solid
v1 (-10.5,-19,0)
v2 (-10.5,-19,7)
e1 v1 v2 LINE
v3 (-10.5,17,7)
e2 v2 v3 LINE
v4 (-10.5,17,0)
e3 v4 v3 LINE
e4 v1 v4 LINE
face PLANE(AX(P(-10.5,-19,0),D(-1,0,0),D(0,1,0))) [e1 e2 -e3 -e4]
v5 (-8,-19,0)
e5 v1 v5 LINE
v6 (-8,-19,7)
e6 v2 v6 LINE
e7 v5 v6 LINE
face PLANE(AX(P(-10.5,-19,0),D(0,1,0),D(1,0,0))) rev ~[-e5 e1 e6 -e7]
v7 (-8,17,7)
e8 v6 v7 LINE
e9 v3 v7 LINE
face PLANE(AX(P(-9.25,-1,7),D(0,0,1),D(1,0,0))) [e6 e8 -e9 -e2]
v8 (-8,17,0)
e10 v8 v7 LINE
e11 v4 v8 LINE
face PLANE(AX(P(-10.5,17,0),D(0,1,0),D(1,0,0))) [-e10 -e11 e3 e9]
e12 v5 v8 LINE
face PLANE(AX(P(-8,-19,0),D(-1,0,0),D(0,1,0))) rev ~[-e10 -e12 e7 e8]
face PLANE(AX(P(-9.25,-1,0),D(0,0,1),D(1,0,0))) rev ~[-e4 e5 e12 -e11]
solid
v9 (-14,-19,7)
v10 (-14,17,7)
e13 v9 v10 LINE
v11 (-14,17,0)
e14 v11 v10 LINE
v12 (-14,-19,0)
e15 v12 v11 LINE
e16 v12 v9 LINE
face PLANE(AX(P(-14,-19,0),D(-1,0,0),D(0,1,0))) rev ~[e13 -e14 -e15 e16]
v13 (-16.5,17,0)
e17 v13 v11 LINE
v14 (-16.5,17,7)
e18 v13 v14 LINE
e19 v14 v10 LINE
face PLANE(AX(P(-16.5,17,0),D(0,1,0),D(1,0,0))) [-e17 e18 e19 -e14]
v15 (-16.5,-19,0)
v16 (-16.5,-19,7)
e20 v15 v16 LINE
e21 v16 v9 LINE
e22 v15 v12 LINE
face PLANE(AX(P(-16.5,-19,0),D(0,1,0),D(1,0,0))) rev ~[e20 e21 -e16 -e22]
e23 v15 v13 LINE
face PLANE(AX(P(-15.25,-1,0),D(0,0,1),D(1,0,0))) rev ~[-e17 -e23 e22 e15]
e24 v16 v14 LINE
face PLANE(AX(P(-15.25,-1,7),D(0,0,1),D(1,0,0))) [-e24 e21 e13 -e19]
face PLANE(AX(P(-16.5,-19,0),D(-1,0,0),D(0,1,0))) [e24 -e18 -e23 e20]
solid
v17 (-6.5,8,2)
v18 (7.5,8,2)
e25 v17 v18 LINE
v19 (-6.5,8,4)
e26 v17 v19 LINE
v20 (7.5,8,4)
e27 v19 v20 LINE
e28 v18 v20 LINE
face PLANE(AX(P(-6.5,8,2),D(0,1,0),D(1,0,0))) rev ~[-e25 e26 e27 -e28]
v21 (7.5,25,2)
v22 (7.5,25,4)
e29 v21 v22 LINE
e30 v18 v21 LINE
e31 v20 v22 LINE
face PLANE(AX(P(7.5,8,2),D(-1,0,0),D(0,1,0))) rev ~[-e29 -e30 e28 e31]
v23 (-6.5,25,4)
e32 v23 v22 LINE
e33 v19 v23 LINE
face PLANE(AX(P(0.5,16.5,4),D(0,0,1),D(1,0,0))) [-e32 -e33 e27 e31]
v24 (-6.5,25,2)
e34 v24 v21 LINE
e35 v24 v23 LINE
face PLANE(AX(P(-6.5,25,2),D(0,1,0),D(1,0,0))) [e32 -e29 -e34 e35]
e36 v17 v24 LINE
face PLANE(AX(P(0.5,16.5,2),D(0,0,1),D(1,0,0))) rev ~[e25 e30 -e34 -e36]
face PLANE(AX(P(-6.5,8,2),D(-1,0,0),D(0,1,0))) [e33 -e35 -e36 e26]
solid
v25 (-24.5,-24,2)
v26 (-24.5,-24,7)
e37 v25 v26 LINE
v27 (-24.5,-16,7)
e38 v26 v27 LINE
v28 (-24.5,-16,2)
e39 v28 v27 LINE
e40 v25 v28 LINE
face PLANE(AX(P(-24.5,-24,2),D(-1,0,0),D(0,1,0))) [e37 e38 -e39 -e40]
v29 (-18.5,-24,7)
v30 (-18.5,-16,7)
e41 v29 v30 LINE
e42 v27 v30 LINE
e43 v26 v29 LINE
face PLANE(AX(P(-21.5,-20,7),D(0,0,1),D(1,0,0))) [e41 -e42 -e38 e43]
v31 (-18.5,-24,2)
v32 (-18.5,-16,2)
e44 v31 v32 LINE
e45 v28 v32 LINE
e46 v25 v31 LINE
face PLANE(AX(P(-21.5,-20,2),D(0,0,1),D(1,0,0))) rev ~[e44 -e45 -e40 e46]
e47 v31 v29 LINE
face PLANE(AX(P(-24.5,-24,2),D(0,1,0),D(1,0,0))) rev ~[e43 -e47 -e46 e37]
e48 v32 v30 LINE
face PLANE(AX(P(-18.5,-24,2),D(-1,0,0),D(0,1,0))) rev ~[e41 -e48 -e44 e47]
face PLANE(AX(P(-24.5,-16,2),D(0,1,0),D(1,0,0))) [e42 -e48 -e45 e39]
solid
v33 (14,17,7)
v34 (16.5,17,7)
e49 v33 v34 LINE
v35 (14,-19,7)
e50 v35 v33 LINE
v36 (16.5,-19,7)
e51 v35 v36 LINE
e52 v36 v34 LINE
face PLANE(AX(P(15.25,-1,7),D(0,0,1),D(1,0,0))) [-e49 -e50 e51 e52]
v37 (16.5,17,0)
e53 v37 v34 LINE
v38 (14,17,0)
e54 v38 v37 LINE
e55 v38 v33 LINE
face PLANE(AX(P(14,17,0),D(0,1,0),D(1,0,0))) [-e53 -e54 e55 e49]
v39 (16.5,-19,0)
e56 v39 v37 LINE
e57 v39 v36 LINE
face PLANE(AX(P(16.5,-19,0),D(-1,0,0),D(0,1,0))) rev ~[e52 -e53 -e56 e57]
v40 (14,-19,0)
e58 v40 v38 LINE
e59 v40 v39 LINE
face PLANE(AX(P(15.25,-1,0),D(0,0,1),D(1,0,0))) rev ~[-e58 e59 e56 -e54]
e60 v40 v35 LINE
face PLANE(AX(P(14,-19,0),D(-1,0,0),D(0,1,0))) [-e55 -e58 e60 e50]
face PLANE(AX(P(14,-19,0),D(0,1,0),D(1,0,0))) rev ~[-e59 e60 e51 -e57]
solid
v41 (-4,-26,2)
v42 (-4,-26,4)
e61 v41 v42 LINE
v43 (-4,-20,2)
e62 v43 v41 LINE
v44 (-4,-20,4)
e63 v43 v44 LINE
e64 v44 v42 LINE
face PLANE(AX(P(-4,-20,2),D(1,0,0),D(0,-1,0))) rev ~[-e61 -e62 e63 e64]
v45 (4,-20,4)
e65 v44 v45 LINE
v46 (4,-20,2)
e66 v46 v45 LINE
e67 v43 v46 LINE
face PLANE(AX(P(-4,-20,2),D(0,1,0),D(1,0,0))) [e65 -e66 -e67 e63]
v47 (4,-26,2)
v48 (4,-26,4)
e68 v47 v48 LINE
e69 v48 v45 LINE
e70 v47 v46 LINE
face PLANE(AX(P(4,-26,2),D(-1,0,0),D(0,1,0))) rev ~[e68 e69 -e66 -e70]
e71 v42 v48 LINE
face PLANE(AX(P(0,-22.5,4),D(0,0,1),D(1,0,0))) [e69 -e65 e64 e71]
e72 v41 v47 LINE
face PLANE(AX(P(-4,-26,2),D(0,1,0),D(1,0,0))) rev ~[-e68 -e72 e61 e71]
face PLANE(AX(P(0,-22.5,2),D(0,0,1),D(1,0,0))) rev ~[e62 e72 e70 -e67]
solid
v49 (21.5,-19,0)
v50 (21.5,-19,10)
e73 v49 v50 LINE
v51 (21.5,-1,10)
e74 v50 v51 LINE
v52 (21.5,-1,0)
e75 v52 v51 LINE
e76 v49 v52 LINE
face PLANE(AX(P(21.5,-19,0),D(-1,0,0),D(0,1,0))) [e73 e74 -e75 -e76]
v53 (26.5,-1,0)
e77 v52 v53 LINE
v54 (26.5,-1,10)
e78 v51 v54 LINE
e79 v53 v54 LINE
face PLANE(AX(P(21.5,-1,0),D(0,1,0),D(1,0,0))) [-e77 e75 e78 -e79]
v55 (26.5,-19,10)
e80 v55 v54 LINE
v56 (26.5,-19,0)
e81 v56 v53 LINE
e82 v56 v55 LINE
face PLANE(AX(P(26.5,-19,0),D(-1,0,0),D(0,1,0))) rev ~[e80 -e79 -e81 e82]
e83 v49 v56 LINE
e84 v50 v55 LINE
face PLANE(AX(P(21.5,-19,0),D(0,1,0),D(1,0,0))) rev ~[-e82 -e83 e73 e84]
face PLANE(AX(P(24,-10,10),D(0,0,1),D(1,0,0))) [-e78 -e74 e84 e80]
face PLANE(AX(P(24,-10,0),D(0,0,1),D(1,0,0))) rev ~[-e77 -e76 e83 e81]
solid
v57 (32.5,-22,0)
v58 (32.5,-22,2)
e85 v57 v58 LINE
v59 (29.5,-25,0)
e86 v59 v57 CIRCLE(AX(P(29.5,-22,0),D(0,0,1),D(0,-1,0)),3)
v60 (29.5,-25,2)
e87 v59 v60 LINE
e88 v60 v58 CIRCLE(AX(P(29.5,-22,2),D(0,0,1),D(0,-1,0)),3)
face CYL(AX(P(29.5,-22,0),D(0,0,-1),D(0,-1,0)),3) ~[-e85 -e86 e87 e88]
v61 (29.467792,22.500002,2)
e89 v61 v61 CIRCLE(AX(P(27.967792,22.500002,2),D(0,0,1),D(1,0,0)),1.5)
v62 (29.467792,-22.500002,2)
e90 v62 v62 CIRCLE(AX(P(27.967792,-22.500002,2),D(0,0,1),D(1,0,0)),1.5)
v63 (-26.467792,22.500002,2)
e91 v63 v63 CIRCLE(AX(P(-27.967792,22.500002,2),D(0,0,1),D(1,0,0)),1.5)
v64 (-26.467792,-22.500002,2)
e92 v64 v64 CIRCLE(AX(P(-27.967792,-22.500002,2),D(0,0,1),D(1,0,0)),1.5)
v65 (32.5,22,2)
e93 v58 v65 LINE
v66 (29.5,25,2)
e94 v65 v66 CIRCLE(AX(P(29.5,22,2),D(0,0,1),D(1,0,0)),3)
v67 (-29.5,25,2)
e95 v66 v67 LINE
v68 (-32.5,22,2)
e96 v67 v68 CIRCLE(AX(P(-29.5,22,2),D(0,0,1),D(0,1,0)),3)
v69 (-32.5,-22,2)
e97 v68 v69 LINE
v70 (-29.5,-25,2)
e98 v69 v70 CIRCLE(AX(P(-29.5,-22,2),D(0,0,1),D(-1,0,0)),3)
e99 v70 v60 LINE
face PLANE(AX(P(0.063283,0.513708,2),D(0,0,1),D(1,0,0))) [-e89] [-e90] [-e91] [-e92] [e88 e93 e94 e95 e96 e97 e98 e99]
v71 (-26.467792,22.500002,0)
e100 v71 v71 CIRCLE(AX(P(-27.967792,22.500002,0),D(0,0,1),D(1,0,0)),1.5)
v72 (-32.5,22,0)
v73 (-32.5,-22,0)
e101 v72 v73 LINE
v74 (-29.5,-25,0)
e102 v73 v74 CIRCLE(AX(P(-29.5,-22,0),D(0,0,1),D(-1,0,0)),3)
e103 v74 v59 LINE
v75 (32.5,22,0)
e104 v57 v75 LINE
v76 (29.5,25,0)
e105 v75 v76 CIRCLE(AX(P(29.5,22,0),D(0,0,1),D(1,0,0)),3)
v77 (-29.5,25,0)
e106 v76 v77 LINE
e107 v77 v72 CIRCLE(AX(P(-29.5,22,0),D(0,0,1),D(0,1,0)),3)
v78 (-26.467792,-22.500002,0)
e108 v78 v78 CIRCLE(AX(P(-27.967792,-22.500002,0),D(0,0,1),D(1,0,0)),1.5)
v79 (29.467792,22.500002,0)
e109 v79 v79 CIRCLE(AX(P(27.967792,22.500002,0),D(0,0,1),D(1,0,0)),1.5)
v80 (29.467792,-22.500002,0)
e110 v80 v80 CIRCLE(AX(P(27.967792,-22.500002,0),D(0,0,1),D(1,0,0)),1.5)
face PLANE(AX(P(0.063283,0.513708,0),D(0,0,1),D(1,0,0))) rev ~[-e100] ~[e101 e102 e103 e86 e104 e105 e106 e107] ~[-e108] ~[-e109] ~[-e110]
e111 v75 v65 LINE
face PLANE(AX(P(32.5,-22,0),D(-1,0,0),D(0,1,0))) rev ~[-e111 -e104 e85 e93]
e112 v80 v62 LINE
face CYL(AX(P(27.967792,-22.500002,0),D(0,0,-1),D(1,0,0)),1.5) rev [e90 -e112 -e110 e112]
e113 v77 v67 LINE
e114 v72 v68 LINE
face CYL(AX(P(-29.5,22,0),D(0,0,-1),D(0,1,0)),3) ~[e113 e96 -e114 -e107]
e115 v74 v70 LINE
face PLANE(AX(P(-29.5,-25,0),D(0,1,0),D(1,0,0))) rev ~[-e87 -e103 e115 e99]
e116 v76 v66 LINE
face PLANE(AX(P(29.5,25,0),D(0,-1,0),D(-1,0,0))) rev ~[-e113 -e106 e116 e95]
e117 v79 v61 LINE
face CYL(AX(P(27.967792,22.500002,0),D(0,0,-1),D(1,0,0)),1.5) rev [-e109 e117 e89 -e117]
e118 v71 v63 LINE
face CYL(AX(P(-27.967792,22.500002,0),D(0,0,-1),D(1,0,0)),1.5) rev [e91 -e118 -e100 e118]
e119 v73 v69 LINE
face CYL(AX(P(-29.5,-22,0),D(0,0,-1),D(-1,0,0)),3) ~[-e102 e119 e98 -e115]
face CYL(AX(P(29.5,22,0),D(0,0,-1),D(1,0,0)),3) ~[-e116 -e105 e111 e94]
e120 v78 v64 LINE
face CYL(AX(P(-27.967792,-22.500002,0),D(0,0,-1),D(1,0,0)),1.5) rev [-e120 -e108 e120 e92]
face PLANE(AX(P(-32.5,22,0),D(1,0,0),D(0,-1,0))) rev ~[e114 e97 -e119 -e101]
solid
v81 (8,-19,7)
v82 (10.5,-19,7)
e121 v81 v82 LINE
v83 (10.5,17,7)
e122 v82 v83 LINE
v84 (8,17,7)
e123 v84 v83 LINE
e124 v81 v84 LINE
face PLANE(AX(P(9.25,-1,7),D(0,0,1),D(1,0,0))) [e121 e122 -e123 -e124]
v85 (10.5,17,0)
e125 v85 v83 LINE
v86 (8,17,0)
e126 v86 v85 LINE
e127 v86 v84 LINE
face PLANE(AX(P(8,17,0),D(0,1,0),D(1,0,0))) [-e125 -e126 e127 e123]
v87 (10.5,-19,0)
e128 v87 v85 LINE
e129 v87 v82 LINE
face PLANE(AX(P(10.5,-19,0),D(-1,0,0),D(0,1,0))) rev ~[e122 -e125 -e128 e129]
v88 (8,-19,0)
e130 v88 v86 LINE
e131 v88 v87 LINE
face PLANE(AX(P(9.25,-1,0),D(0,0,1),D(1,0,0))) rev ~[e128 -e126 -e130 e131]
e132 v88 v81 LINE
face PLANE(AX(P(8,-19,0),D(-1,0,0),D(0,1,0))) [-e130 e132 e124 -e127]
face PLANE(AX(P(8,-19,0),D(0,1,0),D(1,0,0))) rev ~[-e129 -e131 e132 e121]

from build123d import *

# Parameters (mm, degrees)
F0_R     = 1.5
F0_W     = 6
F0_H     = 8
F0_W_2   = 2.5
F0_H_2   = 36
F0_W_3   = 5
F0_H_3   = 18
F0_W_4   = 8
F0_H_4   = 5
F0_W_5   = 14
F0_H_5   = 17
F1_DEPTH = 2
F2_DEPTH = 7
F3_START = 2
F3_DEPTH = 2
F4_DEPTH = 10
F5_START = 2
F0_H_6   = 1
F5_DEPTH = 2
F6_START = 2
F6_DEPTH = 5


with BuildPart() as f1:
    # F0 (on Top) → F1 (new body)
    with BuildSketch(Plane.XY):
        with BuildLine():
            Line((4, -25), (29.5, -25))
            ThreePointArc((29.5, -25), (31.6213203436, -24.1213203436), (32.5, -22))
            Line((32.5, -22), (32.5, 22))
            ThreePointArc((32.5, 22), (31.6213203436, 24.1213203436), (29.5, 25))
            Line((29.5, 25), (7.5, 25))
            Line((7.5, 25), (7.5, 8))
            Line((7.5, 8), (-6.5, 8))
            Line((-6.5, 8), (-6.5, 25))
            Line((-6.5, 25), (-29.5, 25))
            ThreePointArc((-29.5, 25), (-31.6213203436, 24.1213203436), (-32.5, 22))
            Line((-32.5, 22), (-32.5, -22))
            ThreePointArc((-32.5, -22), (-31.6213203436, -24.1213203436), (-29.5, -25))
            Line((-29.5, -25), (-4, -25))
            Line((-4, -25), (-4, -20))
            Line((-4, -20), (4, -20))
            Line((4, -20), (4, -25))
        make_face()
        with Locations((-27.9677915107, -22.5000023739)):
            Circle(F0_R, mode=Mode.SUBTRACT)
        with Locations((-21.5, -20)):
            Rectangle(F0_W, F0_H, mode=Mode.SUBTRACT)
        with Locations((-15.25, -1)):
            Rectangle(F0_W_2, F0_H_2, mode=Mode.SUBTRACT)
        with Locations((-9.25, -1)):
            Rectangle(F0_W_2, F0_H_2, mode=Mode.SUBTRACT)
        with Locations((27.9677915107, -22.5000023739)):
            Circle(F0_R, mode=Mode.SUBTRACT)
        with Locations((9.25, -1)):
            Rectangle(F0_W_2, F0_H_2, mode=Mode.SUBTRACT)
        with Locations((15.25, -1)):
            Rectangle(F0_W_2, F0_H_2, mode=Mode.SUBTRACT)
        with Locations((24, -10)):
            Rectangle(F0_W_3, F0_H_3, mode=Mode.SUBTRACT)
        with Locations((-27.9677915107, 22.5000023739)):
            Circle(F0_R, mode=Mode.SUBTRACT)
        with Locations((27.9677915107, 22.5000023739)):
            Circle(F0_R, mode=Mode.SUBTRACT)
        with Locations((-21.5, -20)):
            Rectangle(F0_W, F0_H)
        with Locations((-15.25, -1)):
            Rectangle(F0_W_2, F0_H_2)
        with Locations((-9.25, -1)):
            Rectangle(F0_W_2, F0_H_2)
        with Locations((0, -22.5)):
            Rectangle(F0_W_4, F0_H_4)
        with Locations((9.25, -1)):
            Rectangle(F0_W_2, F0_H_2)
        with Locations((15.25, -1)):
            Rectangle(F0_W_2, F0_H_2)
        with Locations((24, -10)):
            Rectangle(F0_W_3, F0_H_3)
        with Locations((0.5, 16.5)):
            Rectangle(F0_W_5, F0_H_5)
    extrude(amount=F1_DEPTH)


with BuildPart() as f2:
    # F0 (on Top) → F2 (new body)
    with BuildSketch(Plane.XY):
        with Locations((9.25, -1)):
            Rectangle(F0_W_2, F0_H_2)
    extrude(amount=F2_DEPTH)


with BuildPart() as f2b:
    # F0 (on Top) → F2, piece 2 (new body)
    with BuildSketch(Plane.XY):
        with Locations((15.25, -1)):
            Rectangle(F0_W_2, F0_H_2)
    extrude(amount=F2_DEPTH)


with BuildPart() as f2c:
    # F0 (on Top) → F2, piece 3 (new body)
    with BuildSketch(Plane.XY):
        with Locations((-9.25, -1)):
            Rectangle(F0_W_2, F0_H_2)
    extrude(amount=F2_DEPTH)


with BuildPart() as f2d:
    # F0 (on Top) → F2, piece 4 (new body)
    with BuildSketch(Plane.XY):
        with Locations((-15.25, -1)):
            Rectangle(F0_W_2, F0_H_2)
    extrude(amount=F2_DEPTH)


with BuildPart() as f3:
    # F0 (on Top) → F3 (new body)
    with BuildSketch(Plane.XY.offset(F3_START)):
        with Locations((0.5, 16.5)):
            Rectangle(F0_W_5, F0_H_5)
    extrude(amount=F3_DEPTH)


with BuildPart() as f4:
    # F0 (on Top) → F4 (new body)
    with BuildSketch(Plane.XY):
        with Locations((24, -10)):
            Rectangle(F0_W_3, F0_H_3)
    extrude(amount=F4_DEPTH)


with BuildPart() as f5:
    # F0 (on Top) → F5 (new body)
    with BuildSketch(Plane.XY.offset(F5_START)):
        with Locations((0, -22.5)):
            Rectangle(F0_W_4, F0_H_4)
        with Locations((0, -25.5)):
            Rectangle(F0_W_4, F0_H_6)
    extrude(amount=F5_DEPTH)


with BuildPart() as f6:
    # F0 (on Top) → F6 (new body)
    with BuildSketch(Plane.XY.offset(F6_START)):
        with Locations((-21.5, -20)):
            Rectangle(F0_W, F0_H)
    extrude(amount=F6_DEPTH)


solid = Compound([f1.part, f2.part, f2b.part, f2c.part, f2d.part, f3.part, f4.part, f5.part, f6.part])
